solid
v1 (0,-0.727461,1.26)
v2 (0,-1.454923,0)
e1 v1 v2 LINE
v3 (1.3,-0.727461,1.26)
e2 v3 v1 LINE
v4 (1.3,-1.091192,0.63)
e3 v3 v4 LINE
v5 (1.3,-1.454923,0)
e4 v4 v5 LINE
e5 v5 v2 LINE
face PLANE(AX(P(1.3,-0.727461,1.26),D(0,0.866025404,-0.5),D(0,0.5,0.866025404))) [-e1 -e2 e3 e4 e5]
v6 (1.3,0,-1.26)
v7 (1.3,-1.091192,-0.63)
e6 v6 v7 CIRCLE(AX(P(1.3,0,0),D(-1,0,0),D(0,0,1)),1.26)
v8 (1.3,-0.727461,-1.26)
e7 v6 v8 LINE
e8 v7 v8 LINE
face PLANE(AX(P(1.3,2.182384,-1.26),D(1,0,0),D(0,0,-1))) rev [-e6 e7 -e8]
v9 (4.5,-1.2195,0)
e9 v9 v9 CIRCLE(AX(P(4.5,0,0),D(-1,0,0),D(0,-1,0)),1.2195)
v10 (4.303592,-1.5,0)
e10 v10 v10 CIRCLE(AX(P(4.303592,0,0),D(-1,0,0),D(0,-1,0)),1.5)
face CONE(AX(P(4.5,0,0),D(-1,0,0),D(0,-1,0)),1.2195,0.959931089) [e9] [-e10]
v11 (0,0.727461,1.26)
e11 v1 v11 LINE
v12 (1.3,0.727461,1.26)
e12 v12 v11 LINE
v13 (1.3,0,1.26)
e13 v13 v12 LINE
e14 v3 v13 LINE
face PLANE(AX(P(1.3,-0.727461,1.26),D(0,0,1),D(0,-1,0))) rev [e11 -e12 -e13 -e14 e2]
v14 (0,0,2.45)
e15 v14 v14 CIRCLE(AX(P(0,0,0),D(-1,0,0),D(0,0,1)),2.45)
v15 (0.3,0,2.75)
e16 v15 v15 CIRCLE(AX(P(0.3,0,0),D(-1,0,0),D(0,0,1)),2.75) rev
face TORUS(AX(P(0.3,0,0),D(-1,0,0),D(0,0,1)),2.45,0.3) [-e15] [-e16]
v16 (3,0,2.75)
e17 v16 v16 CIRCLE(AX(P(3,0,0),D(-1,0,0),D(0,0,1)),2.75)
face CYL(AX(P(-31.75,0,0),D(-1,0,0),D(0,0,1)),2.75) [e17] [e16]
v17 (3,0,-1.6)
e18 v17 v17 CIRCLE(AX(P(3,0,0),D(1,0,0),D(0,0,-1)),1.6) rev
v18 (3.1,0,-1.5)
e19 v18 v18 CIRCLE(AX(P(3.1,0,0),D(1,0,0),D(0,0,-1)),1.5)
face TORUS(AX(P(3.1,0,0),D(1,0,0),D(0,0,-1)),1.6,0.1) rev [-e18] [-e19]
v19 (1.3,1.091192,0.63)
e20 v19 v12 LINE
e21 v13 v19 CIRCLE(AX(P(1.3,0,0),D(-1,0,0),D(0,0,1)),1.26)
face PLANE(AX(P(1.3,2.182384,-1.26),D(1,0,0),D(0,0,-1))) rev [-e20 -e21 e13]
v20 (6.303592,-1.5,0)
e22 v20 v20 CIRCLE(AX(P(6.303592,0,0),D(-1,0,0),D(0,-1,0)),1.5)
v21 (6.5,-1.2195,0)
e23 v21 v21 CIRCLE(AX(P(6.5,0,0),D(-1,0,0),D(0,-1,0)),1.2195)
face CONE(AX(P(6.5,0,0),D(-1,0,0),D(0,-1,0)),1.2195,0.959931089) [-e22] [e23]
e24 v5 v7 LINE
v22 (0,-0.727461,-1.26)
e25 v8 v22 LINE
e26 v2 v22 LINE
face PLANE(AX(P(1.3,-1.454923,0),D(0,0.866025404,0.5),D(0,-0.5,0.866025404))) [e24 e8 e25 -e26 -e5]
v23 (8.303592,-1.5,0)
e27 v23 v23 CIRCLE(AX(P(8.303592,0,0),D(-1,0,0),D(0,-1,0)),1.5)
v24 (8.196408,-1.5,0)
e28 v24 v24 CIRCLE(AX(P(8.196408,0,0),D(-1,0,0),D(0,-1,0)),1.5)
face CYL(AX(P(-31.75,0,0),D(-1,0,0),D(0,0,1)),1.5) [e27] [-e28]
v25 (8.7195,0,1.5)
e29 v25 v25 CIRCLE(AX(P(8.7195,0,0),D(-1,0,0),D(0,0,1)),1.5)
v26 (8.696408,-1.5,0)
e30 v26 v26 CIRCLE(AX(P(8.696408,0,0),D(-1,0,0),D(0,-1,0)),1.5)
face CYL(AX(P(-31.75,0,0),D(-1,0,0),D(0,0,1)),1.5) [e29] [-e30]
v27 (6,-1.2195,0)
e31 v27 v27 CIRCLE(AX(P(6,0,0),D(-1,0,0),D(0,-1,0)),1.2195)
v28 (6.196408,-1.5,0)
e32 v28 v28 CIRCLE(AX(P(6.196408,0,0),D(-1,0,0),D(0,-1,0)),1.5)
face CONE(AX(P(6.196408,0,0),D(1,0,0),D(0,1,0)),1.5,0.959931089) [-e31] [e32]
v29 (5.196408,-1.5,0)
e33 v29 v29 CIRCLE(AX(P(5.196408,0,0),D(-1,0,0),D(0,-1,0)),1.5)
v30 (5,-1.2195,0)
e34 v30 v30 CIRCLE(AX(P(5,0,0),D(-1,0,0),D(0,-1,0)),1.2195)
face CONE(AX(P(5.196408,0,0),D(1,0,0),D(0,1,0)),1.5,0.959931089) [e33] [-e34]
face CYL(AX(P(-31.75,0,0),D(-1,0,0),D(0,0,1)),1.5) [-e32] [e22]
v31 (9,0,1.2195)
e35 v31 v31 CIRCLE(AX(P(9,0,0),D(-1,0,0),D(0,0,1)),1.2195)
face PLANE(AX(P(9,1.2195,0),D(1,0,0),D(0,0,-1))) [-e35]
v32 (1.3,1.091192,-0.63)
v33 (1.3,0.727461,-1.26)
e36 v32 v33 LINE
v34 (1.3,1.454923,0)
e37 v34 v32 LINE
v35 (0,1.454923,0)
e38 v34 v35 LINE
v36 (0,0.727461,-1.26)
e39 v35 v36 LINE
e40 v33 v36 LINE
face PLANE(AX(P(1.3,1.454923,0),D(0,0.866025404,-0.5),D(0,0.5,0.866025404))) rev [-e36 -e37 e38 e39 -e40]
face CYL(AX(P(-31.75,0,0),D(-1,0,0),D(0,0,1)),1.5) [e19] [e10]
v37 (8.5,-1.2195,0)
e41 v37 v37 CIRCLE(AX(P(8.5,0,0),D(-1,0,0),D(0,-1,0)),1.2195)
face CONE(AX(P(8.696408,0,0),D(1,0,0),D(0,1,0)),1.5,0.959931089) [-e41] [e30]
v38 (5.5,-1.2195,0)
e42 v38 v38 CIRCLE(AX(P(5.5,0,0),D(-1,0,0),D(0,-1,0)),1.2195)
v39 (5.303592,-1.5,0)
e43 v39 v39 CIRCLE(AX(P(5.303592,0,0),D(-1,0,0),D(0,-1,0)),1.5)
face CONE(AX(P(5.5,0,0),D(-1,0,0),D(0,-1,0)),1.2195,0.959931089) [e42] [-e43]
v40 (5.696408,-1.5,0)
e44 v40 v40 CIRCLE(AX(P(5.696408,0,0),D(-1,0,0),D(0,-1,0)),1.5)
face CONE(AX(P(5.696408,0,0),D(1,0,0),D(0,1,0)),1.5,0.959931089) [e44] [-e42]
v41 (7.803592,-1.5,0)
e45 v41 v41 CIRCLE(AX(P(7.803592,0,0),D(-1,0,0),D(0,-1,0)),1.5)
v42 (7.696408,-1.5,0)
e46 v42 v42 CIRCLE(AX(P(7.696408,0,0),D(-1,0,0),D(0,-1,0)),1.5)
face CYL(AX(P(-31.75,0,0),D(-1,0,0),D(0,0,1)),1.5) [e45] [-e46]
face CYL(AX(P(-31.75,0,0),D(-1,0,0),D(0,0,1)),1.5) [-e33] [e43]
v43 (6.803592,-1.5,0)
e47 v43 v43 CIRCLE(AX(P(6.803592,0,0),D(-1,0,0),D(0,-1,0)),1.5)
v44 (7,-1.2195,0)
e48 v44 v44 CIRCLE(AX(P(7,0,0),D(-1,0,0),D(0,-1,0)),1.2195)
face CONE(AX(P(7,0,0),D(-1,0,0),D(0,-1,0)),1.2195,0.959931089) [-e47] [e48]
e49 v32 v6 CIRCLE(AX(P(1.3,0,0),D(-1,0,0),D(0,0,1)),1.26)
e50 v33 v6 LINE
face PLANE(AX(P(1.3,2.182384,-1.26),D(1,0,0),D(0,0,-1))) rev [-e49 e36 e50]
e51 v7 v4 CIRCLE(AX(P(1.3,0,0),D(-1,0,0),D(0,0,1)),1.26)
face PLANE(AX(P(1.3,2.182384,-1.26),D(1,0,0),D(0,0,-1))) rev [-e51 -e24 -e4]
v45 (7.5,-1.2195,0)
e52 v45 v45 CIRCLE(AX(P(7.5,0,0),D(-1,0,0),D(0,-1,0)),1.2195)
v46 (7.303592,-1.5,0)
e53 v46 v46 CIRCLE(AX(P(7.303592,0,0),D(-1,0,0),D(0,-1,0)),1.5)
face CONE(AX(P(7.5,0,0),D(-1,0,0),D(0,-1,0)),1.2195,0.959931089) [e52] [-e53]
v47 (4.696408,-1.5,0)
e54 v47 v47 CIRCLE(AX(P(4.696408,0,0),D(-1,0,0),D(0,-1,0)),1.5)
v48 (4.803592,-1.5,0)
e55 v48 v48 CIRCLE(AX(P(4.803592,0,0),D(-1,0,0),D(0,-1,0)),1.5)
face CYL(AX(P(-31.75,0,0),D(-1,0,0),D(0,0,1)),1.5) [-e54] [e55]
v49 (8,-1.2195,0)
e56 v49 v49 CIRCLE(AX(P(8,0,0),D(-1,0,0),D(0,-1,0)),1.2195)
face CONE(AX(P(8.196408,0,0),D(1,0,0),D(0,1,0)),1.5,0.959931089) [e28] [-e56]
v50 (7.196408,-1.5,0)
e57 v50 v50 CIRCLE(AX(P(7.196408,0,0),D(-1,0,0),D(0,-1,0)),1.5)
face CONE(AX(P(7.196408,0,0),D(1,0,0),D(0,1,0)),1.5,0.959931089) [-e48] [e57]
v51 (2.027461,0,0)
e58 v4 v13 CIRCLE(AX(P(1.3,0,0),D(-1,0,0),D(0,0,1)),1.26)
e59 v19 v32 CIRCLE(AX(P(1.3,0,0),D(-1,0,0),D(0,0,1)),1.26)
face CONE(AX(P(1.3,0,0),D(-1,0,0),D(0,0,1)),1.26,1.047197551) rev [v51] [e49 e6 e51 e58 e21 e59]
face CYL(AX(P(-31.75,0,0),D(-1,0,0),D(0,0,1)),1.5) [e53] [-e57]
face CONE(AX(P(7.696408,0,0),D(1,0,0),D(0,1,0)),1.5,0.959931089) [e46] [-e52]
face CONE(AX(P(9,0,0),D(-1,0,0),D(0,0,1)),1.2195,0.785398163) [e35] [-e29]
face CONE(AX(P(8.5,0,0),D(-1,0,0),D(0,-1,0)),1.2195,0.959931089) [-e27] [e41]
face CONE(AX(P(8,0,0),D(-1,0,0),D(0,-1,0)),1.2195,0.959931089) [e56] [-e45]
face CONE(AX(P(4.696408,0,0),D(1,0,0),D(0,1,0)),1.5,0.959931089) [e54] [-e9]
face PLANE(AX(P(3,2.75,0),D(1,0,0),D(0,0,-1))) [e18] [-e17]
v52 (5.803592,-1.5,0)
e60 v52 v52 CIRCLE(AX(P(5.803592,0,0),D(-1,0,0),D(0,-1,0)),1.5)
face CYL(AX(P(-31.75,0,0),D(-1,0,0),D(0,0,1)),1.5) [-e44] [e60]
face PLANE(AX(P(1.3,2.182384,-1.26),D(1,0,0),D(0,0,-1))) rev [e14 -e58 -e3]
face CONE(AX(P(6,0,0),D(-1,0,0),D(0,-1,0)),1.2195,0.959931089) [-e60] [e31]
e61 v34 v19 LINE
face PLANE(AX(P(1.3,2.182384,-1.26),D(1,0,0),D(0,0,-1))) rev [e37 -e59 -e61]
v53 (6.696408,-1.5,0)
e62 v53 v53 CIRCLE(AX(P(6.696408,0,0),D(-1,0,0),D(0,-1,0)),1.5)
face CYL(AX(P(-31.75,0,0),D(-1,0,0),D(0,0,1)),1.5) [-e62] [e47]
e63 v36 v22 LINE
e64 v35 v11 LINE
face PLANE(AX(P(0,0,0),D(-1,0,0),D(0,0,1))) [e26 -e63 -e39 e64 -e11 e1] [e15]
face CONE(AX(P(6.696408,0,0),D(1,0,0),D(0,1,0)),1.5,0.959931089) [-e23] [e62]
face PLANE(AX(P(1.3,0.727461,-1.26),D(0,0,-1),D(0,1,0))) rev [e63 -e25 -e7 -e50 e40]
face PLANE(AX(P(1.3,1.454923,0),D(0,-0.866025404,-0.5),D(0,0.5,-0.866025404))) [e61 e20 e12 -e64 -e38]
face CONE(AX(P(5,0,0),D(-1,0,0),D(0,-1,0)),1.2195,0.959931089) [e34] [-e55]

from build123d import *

# Parameters (mm, degrees)
FILLET1_R       = 0.1
FILLET2_R       = 0.3
HEX_2_DEPTH     = 1.3
THDSCHPAT_COUNT = 9
THDSCHPAT_PITCH = 0.5


with BuildPart() as part:
    # BodySke → Base-Revolve (revolve)
    with BuildSketch(Plane.XY, mode=Mode.PRIVATE) as base_revolve_sk:
        Polygon((0, 0), (0, 2.75), (3, 2.75), (3, 1.5), (8.7195, 1.5), (9, 1.2195), (9, 0), align=None)
    revolve(base_revolve_sk.sketch.rotate(Axis((-31.75, 0, 0), (1, 0, 0)), 90), axis=Axis((-31.75, 0, 0), (1, 0, 0)))

    # Fillet1
    fillet1_edges = [part.edges().sort_by_distance(p)[0] for p in [
        (3, 0, -1.5),
    ]]
    fillet(fillet1_edges, radius=FILLET1_R)

    # Fillet2
    fillet2_edges = [part.edges().sort_by_distance(p)[0] for p in [
        (0, 0, -2.75),
    ]]
    fillet(fillet2_edges, radius=FILLET2_R)

    # Sketch2 → Hex-PreBroach (revolve, cut)
    with BuildSketch(Plane.XY, mode=Mode.PRIVATE) as hex_prebroach_sk:
        Polygon((0, 1.26), (1.3, 1.26), (2.027461339, 0), (0, 0), align=None)
    revolve(hex_prebroach_sk.sketch.rotate(Axis((0, 0, 0), (1, 0, 0)), 90), axis=Axis((0, 0, 0), (1, 0, 0)), mode=Mode.SUBTRACT)

    # Sketch3 → Hex 2 (cut)
    with BuildSketch(Plane(origin=(0, 0, 0), x_dir=(0, 0.500000000000001, 0.866025403784438), z_dir=(-1, 0, 0))):
        Polygon((0.727461339, 1.26), (-0.727461339, 1.26), (-1.454922678, 0), (-0.727461339, -1.26), (0.727461339, -1.26), (1.454922678, 0), align=None)
    extrude(amount=-HEX_2_DEPTH, mode=Mode.SUBTRACT)

    # ThdSchSke → ThreadSchematic (revolve, cut)
    with BuildSketch(Plane.XY):
        Polygon((4.5, -1.2195), (4.303591786, -1.5), (4.303591786, -1.875), (4.696408214, -1.875), (4.696408214, -1.5), align=None)
    threadschematic = revolve(axis=Axis((-3.175, 0, 0), (1, 0, 0)), mode=Mode.SUBTRACT)

    # ThdSchPat: ThreadSchematic ×9
    with Locations(*[(i * THDSCHPAT_PITCH, 0, 0) for i in range(1, THDSCHPAT_COUNT)]):
        add(threadschematic, mode=Mode.SUBTRACT)


solid = part.part
